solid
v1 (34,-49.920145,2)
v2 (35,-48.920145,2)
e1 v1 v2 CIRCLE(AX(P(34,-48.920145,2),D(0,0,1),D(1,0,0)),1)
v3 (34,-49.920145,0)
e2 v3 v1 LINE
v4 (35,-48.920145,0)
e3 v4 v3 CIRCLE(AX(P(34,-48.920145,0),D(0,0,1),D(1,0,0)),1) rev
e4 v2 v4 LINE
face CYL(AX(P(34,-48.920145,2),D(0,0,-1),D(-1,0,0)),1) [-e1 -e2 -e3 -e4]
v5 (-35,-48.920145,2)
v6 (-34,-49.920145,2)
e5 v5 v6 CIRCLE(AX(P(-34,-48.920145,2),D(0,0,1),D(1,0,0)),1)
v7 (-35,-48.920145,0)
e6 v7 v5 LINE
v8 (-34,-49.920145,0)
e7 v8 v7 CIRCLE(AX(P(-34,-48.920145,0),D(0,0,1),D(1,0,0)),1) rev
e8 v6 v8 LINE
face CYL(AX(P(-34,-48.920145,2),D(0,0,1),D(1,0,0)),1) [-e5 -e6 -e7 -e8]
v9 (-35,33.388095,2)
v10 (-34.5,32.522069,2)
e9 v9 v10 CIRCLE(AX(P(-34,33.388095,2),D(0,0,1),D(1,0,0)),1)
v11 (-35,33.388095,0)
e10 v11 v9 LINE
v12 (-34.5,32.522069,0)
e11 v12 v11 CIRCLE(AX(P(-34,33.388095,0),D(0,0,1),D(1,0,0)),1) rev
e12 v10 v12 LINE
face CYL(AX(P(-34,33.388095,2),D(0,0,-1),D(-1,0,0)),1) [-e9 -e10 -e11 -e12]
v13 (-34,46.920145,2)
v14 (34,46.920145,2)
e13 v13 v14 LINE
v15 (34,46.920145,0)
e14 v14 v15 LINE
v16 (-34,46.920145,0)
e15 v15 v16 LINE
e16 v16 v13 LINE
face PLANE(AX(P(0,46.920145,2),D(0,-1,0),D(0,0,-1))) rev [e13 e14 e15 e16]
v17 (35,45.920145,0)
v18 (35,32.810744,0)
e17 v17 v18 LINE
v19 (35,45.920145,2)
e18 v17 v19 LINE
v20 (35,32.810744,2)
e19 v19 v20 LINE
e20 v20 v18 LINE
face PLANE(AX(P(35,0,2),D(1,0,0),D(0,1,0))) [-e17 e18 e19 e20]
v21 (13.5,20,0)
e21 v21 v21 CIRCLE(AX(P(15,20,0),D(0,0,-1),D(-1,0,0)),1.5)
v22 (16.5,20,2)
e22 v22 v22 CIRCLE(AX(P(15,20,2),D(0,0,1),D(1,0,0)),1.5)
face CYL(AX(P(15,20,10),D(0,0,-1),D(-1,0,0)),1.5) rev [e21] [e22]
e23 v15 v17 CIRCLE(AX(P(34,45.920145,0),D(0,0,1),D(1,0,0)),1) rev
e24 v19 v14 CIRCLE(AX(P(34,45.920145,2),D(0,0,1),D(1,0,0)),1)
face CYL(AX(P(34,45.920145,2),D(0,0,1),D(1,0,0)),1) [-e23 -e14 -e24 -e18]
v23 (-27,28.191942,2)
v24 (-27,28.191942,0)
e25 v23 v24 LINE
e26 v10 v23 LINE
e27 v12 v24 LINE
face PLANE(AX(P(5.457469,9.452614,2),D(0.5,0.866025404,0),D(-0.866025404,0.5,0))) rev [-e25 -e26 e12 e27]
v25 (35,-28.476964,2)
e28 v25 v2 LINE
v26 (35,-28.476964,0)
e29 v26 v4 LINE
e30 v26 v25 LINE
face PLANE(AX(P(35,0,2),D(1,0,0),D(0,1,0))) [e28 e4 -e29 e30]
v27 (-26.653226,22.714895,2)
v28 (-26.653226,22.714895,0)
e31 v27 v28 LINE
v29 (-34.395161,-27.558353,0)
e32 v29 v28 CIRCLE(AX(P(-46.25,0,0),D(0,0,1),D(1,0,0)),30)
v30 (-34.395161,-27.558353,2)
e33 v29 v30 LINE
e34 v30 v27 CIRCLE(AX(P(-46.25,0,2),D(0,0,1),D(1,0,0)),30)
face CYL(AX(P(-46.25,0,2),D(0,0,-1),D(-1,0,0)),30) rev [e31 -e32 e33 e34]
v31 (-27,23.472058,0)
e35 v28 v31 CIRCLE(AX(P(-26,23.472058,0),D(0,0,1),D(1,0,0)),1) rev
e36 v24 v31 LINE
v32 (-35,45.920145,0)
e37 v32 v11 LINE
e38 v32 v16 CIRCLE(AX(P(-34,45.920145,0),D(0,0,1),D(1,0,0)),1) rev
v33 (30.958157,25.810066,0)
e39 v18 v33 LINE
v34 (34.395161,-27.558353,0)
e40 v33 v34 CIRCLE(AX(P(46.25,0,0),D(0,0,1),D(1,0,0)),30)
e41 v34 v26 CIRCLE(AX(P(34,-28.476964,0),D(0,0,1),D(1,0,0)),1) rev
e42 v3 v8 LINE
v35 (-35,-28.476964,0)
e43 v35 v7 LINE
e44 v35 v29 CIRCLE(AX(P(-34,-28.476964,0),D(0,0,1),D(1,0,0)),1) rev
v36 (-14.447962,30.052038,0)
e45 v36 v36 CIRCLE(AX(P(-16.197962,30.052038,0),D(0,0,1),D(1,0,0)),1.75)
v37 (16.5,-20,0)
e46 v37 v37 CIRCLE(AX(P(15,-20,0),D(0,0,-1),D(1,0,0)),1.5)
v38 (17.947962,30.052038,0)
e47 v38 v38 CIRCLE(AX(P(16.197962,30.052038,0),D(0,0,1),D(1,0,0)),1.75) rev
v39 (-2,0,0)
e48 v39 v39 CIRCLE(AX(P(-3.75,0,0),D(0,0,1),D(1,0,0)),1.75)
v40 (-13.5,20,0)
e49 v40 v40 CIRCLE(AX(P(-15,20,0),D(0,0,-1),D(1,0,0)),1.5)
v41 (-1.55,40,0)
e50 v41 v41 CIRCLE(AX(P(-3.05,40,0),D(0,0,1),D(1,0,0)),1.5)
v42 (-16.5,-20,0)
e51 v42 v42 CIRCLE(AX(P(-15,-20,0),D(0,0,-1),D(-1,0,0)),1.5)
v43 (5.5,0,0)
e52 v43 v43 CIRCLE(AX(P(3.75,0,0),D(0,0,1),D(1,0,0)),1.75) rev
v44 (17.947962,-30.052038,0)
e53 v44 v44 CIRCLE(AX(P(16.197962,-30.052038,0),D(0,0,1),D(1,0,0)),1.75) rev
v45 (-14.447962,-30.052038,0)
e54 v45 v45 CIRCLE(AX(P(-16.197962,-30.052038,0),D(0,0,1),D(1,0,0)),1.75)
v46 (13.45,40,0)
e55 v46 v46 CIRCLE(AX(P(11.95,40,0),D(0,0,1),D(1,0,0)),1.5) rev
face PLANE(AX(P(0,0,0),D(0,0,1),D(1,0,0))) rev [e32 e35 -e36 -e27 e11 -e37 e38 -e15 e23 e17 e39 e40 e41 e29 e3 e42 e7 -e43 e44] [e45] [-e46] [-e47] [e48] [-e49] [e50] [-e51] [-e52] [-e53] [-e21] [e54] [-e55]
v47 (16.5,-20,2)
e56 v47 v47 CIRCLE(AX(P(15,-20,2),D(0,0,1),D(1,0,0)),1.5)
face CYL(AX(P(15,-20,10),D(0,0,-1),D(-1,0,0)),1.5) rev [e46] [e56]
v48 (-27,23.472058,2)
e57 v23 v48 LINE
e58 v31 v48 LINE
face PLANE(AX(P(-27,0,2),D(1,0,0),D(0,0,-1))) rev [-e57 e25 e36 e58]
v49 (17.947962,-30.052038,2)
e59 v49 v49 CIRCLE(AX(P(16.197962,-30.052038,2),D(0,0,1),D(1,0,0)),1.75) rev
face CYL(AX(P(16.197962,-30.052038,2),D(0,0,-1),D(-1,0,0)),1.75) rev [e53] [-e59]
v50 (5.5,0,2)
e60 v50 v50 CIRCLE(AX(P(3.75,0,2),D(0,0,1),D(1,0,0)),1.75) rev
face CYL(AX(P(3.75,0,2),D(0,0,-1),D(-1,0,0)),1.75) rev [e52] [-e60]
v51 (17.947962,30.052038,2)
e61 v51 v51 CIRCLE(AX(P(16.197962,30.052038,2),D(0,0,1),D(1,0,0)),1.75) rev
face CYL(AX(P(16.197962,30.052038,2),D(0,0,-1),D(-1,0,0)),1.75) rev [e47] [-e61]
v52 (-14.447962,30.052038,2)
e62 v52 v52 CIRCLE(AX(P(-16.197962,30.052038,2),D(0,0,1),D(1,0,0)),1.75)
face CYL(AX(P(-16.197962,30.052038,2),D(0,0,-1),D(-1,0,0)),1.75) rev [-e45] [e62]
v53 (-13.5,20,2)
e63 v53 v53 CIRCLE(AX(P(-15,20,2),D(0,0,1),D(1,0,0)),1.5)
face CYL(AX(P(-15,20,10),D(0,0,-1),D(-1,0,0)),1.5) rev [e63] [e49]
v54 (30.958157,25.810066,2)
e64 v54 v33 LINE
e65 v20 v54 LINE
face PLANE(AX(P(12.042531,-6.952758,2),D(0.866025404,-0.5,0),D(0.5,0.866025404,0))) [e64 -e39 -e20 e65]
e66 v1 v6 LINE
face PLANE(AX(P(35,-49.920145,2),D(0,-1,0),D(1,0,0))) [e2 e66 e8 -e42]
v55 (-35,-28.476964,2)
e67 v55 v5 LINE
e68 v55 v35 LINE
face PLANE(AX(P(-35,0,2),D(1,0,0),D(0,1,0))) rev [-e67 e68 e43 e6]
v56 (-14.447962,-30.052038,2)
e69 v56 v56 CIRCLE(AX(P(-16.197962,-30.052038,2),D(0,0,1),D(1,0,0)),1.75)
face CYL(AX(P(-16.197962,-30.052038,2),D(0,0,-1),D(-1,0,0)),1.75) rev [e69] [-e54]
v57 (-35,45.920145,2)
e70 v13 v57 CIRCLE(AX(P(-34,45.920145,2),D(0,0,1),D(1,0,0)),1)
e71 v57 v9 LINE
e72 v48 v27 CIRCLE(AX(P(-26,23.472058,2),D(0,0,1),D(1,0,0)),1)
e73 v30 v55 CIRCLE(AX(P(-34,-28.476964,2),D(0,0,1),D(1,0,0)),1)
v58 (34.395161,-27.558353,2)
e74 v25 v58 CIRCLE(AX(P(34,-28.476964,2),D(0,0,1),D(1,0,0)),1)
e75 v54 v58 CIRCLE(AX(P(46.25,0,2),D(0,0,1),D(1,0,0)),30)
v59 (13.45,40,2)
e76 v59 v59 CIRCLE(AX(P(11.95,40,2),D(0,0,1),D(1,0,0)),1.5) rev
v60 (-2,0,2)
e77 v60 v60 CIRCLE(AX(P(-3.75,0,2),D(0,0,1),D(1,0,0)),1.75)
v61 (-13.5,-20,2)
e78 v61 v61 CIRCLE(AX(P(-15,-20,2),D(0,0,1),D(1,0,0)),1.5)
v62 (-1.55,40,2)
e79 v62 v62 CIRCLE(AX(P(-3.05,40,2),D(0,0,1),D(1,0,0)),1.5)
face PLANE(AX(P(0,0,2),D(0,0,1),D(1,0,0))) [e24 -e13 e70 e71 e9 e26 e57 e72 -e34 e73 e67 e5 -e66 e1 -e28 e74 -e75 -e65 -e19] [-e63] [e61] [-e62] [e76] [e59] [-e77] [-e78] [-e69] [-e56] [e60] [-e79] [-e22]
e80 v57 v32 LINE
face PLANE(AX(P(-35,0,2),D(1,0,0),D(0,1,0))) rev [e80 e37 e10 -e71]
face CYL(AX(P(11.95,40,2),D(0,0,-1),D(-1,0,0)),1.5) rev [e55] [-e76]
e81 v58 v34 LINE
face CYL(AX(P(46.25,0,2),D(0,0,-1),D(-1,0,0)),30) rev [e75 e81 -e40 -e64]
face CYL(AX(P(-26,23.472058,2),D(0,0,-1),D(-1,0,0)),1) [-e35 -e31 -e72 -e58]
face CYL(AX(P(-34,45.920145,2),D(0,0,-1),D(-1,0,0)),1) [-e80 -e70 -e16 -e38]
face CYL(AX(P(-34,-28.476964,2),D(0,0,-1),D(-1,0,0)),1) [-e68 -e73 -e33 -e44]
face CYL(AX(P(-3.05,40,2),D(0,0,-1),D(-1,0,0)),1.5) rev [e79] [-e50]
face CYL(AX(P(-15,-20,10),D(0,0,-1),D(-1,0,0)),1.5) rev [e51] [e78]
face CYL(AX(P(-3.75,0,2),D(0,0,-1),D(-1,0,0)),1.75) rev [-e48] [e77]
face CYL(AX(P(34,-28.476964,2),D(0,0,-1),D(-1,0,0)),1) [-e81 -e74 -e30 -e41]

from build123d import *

# Parameters (mm, degrees)
SKETCH_1_R          = 1.75
SKETCH_1_R_2        = 1.5
EXTRUDE_1_DEPTH     = 2
SKETCH_2_W          = 27.7
SKETCH_2_H          = 5
CUT_EXTRUDE_1_DEPTH = 10
SKETCH_3_R          = 1.5
CUT_EXTRUDE_2_DEPTH = 10
SKETCH_4_W          = 70
SKETCH_4_H          = 3
EXTRUDE_2_DEPTH     = 2
FILLET_1_R          = 1


with BuildPart() as part:
    # 草图1 → 凸台-拉伸1 (new body)
    with BuildSketch(Plane.XY):
        with BuildLine():
            Line((-35, -27.810744327), (-35, -46.920144927))
            Line((-35, -46.920144927), (35, -46.920144927))
            Line((35, -46.920144927), (35, -27.810744327))
            ThreePointArc((35, -27.810744327), (16.334866743, -2.254950607), (30.958156738, 25.81006644))
            Line((30.958156738, 25.81006644), (35, 32.810744327))
            Line((35, 32.810744327), (35, 46.920144927))
            Line((35, 46.920144927), (16.8, 46.920144927))
            Line((16.8, 46.920144927), (16.8, 51.920144927))
            Line((16.8, 51.920144927), (-10.9, 51.920144927))
            Line((-10.9, 51.920144927), (-10.9, 46.920144927))
            Line((-10.9, 46.920144927), (-35, 46.920144927))
            Line((-35, 46.920144927), (-35, 32.810744327))
            Line((-35, 32.810744327), (-27, 28.191942173))
            Line((-27, 28.191942173), (-27, 23.009508904))
            ThreePointArc((-27, 23.009508904), (-16.614935725, -4.665079356), (-35, -27.810744327))
        make_face()
        with Locations((-16.1979618, -30.0520382)):
            Circle(SKETCH_1_R, mode=Mode.SUBTRACT)
        with Locations((-3.75, 0)):
            Circle(SKETCH_1_R, mode=Mode.SUBTRACT)
        with Locations((16.1979618, -30.0520382)):
            Circle(SKETCH_1_R, mode=Mode.SUBTRACT)
        with Locations((3.75, 0)):
            Circle(SKETCH_1_R, mode=Mode.SUBTRACT)
        with Locations((-16.1979618, 30.0520382)):
            Circle(SKETCH_1_R, mode=Mode.SUBTRACT)
        with Locations((-3.05, 40)):
            Circle(SKETCH_1_R_2, mode=Mode.SUBTRACT)
        with Locations((16.1979618, 30.0520382)):
            Circle(SKETCH_1_R, mode=Mode.SUBTRACT)
        with Locations((11.95, 40)):
            Circle(SKETCH_1_R_2, mode=Mode.SUBTRACT)
    extrude(amount=EXTRUDE_1_DEPTH)

    # 草图2 → 切除-拉伸1 (cut)
    with BuildSketch(Plane(origin=(0, 0, 0), x_dir=(-1, 0, 0), z_dir=(0, 0, -1))):
        with Locations((-2.95, 49.420144927)):
            Rectangle(SKETCH_2_W, SKETCH_2_H)
    extrude(amount=-CUT_EXTRUDE_1_DEPTH, mode=Mode.SUBTRACT)

    # 草图3 → 切除-拉伸2 (cut)
    with BuildSketch(Plane(origin=(0, 0, 0), x_dir=(-1, 0, 0), z_dir=(0, 0, -1))):
        with Locations((-15, 20)):
            Circle(SKETCH_3_R)
        with Locations((15, 20)):
            Circle(SKETCH_3_R)
        with Locations((15, -20)):
            Circle(SKETCH_3_R)
        with Locations((-15, -20)):
            Circle(SKETCH_3_R)
    extrude(amount=-CUT_EXTRUDE_2_DEPTH, mode=Mode.SUBTRACT)

    # 草图4 → 凸台-拉伸2 (add)
    with BuildSketch(Plane(origin=(0, 0, 0), x_dir=(-1, 0, 0), z_dir=(0, 0, -1))):
        with Locations((0, -48.420144927)):
            Rectangle(SKETCH_4_W, SKETCH_4_H)
    extrude(amount=-EXTRUDE_2_DEPTH)

    # 圆角1
    fillet_1_edges = [part.edges().sort_by_distance(p)[0] for p in [
        (35, -49.920144927, 1),
        (-35, -49.920144927, 1),
        (35, -27.810744327, 1),
        (-35, -27.810744327, 1),
        (-27, 23.009508904, 1),
        (-35, 32.810744327, 1),
        (-35, 46.920144927, 1),
        (35, 46.920144927, 1),
    ]]
    fillet(fillet_1_edges, radius=FILLET_1_R)


solid = part.part
